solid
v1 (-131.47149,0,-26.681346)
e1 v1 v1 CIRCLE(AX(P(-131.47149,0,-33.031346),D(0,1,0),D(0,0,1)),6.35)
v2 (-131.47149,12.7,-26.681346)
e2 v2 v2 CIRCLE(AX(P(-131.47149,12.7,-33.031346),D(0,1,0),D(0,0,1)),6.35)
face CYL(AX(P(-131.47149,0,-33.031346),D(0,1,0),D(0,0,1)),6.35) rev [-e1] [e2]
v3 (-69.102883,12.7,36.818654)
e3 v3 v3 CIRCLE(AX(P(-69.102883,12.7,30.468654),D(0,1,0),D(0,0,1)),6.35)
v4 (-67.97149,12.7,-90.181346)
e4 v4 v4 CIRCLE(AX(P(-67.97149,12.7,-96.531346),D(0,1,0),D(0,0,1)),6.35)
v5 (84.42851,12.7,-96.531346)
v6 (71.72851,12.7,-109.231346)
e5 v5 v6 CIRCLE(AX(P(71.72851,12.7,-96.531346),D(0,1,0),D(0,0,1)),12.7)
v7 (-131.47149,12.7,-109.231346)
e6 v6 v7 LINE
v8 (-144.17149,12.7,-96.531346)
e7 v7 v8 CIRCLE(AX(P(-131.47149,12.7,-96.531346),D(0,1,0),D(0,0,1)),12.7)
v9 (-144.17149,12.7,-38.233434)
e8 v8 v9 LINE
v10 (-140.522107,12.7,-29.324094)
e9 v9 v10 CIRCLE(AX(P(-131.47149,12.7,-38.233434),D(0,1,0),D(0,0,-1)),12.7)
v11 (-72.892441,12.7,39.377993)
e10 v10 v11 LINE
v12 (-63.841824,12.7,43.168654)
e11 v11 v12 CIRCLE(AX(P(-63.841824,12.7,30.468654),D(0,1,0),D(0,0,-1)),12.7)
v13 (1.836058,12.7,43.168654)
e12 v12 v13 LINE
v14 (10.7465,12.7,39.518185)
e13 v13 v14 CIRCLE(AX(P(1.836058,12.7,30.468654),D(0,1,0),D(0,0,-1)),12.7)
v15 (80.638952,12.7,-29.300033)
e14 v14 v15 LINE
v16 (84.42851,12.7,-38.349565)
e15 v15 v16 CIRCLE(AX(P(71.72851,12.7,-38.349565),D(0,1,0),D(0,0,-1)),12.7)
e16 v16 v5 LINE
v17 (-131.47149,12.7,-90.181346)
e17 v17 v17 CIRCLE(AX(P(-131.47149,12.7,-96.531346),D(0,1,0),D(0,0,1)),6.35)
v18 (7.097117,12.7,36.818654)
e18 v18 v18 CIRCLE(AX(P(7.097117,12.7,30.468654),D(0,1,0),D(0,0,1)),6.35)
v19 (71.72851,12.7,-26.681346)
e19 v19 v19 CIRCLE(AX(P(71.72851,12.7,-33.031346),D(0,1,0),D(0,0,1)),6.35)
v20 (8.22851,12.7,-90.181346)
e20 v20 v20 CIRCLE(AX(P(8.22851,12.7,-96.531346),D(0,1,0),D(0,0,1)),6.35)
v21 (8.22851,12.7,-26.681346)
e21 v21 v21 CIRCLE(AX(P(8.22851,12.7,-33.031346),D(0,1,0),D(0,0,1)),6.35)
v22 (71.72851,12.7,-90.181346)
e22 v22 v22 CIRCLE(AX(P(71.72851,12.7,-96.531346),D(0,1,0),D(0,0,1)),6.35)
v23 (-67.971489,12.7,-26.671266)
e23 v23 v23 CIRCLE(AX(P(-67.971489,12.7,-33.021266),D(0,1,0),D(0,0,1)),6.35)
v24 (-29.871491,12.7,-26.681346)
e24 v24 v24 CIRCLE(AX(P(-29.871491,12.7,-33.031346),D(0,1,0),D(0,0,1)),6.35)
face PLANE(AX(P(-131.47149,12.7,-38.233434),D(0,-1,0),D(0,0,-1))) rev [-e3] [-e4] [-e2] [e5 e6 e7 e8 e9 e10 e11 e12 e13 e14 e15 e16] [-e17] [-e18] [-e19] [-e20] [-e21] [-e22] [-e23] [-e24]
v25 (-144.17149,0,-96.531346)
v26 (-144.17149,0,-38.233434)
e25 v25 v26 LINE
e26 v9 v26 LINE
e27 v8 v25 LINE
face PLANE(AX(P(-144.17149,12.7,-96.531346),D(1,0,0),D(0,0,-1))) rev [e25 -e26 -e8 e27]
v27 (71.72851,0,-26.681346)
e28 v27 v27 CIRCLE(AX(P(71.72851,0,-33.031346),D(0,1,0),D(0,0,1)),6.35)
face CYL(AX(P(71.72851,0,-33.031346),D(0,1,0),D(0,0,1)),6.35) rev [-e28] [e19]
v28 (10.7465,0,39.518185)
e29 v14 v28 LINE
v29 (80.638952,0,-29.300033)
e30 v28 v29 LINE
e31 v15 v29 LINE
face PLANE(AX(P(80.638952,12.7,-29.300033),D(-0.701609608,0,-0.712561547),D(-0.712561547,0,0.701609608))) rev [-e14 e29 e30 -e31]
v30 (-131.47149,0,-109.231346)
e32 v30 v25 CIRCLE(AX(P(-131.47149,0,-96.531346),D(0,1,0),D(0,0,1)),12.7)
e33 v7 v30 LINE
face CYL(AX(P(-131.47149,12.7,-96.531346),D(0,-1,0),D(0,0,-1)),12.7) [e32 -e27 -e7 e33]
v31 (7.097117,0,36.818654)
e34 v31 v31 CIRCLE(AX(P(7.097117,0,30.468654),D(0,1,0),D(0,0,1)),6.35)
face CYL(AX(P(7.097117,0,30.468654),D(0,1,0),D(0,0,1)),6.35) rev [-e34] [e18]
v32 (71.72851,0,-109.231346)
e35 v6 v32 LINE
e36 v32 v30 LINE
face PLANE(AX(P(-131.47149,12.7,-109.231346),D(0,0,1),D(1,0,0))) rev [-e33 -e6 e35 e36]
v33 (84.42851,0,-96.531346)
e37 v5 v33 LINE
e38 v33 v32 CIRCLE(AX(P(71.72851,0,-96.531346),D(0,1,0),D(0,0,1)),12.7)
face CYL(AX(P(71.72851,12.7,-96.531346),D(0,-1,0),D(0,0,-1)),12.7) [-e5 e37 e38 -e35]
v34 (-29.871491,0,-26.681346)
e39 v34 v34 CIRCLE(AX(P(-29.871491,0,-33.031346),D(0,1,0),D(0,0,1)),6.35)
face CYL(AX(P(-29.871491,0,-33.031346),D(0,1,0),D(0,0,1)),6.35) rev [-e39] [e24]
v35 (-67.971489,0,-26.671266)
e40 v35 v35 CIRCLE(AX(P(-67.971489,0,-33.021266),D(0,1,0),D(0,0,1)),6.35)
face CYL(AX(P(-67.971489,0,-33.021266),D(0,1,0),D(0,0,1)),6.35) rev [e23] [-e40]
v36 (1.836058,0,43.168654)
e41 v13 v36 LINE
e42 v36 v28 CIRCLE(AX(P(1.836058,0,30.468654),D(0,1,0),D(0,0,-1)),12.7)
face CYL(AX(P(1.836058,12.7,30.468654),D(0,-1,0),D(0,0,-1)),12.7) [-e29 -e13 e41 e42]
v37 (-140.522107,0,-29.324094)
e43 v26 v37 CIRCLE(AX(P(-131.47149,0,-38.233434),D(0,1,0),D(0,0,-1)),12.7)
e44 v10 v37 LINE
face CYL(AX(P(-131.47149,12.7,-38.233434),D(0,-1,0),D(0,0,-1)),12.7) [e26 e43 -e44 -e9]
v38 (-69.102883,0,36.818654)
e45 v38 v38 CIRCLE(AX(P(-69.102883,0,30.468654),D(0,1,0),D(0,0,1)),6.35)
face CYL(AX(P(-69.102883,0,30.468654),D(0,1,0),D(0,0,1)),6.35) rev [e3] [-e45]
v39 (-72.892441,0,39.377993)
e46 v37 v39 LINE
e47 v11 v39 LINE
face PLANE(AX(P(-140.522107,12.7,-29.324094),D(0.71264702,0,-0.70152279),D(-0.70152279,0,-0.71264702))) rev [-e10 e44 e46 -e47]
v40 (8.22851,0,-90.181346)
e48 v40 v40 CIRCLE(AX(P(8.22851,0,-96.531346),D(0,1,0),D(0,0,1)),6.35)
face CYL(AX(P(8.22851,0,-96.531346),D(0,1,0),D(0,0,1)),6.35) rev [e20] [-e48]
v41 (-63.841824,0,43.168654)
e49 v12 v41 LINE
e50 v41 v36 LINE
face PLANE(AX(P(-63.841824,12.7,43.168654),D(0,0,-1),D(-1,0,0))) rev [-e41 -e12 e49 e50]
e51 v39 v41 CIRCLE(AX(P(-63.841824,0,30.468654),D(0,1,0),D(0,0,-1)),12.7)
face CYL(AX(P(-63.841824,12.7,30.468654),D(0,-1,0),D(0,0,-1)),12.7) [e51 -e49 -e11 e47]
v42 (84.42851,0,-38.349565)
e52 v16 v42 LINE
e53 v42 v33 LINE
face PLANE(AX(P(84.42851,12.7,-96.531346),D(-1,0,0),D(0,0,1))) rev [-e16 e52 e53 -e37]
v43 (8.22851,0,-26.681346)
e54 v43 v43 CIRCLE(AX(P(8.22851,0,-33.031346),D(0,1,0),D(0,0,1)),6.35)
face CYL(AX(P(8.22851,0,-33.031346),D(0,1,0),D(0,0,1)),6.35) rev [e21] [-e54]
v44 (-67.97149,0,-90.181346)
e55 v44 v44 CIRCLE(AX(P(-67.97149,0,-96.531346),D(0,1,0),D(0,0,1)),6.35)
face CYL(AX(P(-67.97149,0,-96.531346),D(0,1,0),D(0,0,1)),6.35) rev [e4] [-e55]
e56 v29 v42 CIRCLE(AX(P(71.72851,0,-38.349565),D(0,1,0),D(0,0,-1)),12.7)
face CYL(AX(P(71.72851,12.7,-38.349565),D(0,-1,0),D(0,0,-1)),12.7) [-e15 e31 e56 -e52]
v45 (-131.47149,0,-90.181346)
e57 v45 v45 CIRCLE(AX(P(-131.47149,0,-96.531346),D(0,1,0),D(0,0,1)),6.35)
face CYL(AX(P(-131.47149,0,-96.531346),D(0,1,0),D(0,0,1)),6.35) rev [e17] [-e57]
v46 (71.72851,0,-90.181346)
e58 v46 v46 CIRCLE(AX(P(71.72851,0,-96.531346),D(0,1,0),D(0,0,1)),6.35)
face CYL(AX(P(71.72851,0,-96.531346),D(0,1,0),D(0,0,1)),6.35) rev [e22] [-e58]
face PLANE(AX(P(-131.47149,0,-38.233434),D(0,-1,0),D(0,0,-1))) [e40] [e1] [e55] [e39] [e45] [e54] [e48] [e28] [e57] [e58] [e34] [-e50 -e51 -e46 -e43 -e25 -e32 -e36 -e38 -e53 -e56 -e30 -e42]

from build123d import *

# Parameters (mm, degrees)
BOSS_EXTRUDE1_DEPTH = 12.7
SKETCH2_R           = 6.35
CUT_EXTRUDE1_DEPTH  = 182.323455578


with BuildPart() as part:
    # Sketch1 → Boss-Extrude1 (new body)
    with BuildSketch(Plane(origin=(0, 0, 0), x_dir=(1, 0, 0), z_dir=(0, 1, 0))):
        with BuildLine():
            Line((-131.471489953, 109.23134636), (71.728510047, 109.23134636))
            ThreePointArc((71.728510047, 109.23134636), (80.708766168, 105.511602481), (84.428510047, 96.53134636))
            Line((84.428510047, 96.53134636), (84.428510047, 38.349564826))
            ThreePointArc((84.428510047, 38.349564826), (83.442873319, 33.444088994), (80.638952072, 29.300033185))
            Line((80.638952072, 29.300033185), (10.746499625, -39.518185281))
            ThreePointArc((10.746499625, -39.518185281), (6.650668081, -42.220654573), (1.836057601, -43.16865364))
            Line((1.836057601, -43.16865364), (-63.841823784, -43.16865364))
            ThreePointArc((-63.841823784, -43.16865364), (-68.748013198, -42.182718068), (-72.892440933, -39.377993078))
            Line((-72.892440933, -39.377993078), (-140.522107103, 29.324094297))
            ThreePointArc((-140.522107103, 29.324094297), (-143.22378415, 33.419539146), (-144.171489953, 38.233433734))
            Line((-144.171489953, 38.233433734), (-144.171489953, 96.53134636))
            ThreePointArc((-144.171489953, 96.53134636), (-140.451746074, 105.511602481), (-131.471489953, 109.23134636))
        make_face()
    extrude(amount=BOSS_EXTRUDE1_DEPTH)

    # Sketch2 → Cut-Extrude1 (cut, through all)
    with BuildSketch(Plane(origin=(0, 12.7, 0), x_dir=(1, 0, 0), z_dir=(0, 1, 0))):
        with Locations(Location((-69.102883091, -30.46865364, 0), (0, 0, 270))):
            Circle(SKETCH2_R)
        with Locations(Location((7.097116909, -30.46865364, 0), (0, 0, 270))):
            Circle(SKETCH2_R)
        with Locations(Location((-67.971489953, 96.53134636, 0), (0, 0, 270))):
            Circle(SKETCH2_R)
        with Locations(Location((8.228510047, 96.53134636, 0), (0, 0, 270))):
            Circle(SKETCH2_R)
        with Locations(Location((-67.971489286, 33.021266411, 0), (0, 0, 270))):
            Circle(SKETCH2_R)
        with Locations(Location((8.228510047, 33.03134636, 0), (0, 0, 270))):
            Circle(SKETCH2_R)
        with Locations(Location((-131.471489953, 96.53134636, 0), (0, 0, 270))):
            Circle(SKETCH2_R)
        with Locations(Location((-131.471489953, 33.03134636, 0), (0, 0, 270))):
            Circle(SKETCH2_R)
        with Locations(Location((71.728510047, 96.53134636, 0), (0, 0, 270))):
            Circle(SKETCH2_R)
        with Locations(Location((71.728510047, 33.03134636, 0), (0, 0, 270))):
            Circle(SKETCH2_R)
        with Locations(Location((-29.871490619, 33.03134636, 0), (0, 0, 270))):
            Circle(SKETCH2_R)
    extrude(amount=-CUT_EXTRUDE1_DEPTH, mode=Mode.SUBTRACT)


solid = part.part
